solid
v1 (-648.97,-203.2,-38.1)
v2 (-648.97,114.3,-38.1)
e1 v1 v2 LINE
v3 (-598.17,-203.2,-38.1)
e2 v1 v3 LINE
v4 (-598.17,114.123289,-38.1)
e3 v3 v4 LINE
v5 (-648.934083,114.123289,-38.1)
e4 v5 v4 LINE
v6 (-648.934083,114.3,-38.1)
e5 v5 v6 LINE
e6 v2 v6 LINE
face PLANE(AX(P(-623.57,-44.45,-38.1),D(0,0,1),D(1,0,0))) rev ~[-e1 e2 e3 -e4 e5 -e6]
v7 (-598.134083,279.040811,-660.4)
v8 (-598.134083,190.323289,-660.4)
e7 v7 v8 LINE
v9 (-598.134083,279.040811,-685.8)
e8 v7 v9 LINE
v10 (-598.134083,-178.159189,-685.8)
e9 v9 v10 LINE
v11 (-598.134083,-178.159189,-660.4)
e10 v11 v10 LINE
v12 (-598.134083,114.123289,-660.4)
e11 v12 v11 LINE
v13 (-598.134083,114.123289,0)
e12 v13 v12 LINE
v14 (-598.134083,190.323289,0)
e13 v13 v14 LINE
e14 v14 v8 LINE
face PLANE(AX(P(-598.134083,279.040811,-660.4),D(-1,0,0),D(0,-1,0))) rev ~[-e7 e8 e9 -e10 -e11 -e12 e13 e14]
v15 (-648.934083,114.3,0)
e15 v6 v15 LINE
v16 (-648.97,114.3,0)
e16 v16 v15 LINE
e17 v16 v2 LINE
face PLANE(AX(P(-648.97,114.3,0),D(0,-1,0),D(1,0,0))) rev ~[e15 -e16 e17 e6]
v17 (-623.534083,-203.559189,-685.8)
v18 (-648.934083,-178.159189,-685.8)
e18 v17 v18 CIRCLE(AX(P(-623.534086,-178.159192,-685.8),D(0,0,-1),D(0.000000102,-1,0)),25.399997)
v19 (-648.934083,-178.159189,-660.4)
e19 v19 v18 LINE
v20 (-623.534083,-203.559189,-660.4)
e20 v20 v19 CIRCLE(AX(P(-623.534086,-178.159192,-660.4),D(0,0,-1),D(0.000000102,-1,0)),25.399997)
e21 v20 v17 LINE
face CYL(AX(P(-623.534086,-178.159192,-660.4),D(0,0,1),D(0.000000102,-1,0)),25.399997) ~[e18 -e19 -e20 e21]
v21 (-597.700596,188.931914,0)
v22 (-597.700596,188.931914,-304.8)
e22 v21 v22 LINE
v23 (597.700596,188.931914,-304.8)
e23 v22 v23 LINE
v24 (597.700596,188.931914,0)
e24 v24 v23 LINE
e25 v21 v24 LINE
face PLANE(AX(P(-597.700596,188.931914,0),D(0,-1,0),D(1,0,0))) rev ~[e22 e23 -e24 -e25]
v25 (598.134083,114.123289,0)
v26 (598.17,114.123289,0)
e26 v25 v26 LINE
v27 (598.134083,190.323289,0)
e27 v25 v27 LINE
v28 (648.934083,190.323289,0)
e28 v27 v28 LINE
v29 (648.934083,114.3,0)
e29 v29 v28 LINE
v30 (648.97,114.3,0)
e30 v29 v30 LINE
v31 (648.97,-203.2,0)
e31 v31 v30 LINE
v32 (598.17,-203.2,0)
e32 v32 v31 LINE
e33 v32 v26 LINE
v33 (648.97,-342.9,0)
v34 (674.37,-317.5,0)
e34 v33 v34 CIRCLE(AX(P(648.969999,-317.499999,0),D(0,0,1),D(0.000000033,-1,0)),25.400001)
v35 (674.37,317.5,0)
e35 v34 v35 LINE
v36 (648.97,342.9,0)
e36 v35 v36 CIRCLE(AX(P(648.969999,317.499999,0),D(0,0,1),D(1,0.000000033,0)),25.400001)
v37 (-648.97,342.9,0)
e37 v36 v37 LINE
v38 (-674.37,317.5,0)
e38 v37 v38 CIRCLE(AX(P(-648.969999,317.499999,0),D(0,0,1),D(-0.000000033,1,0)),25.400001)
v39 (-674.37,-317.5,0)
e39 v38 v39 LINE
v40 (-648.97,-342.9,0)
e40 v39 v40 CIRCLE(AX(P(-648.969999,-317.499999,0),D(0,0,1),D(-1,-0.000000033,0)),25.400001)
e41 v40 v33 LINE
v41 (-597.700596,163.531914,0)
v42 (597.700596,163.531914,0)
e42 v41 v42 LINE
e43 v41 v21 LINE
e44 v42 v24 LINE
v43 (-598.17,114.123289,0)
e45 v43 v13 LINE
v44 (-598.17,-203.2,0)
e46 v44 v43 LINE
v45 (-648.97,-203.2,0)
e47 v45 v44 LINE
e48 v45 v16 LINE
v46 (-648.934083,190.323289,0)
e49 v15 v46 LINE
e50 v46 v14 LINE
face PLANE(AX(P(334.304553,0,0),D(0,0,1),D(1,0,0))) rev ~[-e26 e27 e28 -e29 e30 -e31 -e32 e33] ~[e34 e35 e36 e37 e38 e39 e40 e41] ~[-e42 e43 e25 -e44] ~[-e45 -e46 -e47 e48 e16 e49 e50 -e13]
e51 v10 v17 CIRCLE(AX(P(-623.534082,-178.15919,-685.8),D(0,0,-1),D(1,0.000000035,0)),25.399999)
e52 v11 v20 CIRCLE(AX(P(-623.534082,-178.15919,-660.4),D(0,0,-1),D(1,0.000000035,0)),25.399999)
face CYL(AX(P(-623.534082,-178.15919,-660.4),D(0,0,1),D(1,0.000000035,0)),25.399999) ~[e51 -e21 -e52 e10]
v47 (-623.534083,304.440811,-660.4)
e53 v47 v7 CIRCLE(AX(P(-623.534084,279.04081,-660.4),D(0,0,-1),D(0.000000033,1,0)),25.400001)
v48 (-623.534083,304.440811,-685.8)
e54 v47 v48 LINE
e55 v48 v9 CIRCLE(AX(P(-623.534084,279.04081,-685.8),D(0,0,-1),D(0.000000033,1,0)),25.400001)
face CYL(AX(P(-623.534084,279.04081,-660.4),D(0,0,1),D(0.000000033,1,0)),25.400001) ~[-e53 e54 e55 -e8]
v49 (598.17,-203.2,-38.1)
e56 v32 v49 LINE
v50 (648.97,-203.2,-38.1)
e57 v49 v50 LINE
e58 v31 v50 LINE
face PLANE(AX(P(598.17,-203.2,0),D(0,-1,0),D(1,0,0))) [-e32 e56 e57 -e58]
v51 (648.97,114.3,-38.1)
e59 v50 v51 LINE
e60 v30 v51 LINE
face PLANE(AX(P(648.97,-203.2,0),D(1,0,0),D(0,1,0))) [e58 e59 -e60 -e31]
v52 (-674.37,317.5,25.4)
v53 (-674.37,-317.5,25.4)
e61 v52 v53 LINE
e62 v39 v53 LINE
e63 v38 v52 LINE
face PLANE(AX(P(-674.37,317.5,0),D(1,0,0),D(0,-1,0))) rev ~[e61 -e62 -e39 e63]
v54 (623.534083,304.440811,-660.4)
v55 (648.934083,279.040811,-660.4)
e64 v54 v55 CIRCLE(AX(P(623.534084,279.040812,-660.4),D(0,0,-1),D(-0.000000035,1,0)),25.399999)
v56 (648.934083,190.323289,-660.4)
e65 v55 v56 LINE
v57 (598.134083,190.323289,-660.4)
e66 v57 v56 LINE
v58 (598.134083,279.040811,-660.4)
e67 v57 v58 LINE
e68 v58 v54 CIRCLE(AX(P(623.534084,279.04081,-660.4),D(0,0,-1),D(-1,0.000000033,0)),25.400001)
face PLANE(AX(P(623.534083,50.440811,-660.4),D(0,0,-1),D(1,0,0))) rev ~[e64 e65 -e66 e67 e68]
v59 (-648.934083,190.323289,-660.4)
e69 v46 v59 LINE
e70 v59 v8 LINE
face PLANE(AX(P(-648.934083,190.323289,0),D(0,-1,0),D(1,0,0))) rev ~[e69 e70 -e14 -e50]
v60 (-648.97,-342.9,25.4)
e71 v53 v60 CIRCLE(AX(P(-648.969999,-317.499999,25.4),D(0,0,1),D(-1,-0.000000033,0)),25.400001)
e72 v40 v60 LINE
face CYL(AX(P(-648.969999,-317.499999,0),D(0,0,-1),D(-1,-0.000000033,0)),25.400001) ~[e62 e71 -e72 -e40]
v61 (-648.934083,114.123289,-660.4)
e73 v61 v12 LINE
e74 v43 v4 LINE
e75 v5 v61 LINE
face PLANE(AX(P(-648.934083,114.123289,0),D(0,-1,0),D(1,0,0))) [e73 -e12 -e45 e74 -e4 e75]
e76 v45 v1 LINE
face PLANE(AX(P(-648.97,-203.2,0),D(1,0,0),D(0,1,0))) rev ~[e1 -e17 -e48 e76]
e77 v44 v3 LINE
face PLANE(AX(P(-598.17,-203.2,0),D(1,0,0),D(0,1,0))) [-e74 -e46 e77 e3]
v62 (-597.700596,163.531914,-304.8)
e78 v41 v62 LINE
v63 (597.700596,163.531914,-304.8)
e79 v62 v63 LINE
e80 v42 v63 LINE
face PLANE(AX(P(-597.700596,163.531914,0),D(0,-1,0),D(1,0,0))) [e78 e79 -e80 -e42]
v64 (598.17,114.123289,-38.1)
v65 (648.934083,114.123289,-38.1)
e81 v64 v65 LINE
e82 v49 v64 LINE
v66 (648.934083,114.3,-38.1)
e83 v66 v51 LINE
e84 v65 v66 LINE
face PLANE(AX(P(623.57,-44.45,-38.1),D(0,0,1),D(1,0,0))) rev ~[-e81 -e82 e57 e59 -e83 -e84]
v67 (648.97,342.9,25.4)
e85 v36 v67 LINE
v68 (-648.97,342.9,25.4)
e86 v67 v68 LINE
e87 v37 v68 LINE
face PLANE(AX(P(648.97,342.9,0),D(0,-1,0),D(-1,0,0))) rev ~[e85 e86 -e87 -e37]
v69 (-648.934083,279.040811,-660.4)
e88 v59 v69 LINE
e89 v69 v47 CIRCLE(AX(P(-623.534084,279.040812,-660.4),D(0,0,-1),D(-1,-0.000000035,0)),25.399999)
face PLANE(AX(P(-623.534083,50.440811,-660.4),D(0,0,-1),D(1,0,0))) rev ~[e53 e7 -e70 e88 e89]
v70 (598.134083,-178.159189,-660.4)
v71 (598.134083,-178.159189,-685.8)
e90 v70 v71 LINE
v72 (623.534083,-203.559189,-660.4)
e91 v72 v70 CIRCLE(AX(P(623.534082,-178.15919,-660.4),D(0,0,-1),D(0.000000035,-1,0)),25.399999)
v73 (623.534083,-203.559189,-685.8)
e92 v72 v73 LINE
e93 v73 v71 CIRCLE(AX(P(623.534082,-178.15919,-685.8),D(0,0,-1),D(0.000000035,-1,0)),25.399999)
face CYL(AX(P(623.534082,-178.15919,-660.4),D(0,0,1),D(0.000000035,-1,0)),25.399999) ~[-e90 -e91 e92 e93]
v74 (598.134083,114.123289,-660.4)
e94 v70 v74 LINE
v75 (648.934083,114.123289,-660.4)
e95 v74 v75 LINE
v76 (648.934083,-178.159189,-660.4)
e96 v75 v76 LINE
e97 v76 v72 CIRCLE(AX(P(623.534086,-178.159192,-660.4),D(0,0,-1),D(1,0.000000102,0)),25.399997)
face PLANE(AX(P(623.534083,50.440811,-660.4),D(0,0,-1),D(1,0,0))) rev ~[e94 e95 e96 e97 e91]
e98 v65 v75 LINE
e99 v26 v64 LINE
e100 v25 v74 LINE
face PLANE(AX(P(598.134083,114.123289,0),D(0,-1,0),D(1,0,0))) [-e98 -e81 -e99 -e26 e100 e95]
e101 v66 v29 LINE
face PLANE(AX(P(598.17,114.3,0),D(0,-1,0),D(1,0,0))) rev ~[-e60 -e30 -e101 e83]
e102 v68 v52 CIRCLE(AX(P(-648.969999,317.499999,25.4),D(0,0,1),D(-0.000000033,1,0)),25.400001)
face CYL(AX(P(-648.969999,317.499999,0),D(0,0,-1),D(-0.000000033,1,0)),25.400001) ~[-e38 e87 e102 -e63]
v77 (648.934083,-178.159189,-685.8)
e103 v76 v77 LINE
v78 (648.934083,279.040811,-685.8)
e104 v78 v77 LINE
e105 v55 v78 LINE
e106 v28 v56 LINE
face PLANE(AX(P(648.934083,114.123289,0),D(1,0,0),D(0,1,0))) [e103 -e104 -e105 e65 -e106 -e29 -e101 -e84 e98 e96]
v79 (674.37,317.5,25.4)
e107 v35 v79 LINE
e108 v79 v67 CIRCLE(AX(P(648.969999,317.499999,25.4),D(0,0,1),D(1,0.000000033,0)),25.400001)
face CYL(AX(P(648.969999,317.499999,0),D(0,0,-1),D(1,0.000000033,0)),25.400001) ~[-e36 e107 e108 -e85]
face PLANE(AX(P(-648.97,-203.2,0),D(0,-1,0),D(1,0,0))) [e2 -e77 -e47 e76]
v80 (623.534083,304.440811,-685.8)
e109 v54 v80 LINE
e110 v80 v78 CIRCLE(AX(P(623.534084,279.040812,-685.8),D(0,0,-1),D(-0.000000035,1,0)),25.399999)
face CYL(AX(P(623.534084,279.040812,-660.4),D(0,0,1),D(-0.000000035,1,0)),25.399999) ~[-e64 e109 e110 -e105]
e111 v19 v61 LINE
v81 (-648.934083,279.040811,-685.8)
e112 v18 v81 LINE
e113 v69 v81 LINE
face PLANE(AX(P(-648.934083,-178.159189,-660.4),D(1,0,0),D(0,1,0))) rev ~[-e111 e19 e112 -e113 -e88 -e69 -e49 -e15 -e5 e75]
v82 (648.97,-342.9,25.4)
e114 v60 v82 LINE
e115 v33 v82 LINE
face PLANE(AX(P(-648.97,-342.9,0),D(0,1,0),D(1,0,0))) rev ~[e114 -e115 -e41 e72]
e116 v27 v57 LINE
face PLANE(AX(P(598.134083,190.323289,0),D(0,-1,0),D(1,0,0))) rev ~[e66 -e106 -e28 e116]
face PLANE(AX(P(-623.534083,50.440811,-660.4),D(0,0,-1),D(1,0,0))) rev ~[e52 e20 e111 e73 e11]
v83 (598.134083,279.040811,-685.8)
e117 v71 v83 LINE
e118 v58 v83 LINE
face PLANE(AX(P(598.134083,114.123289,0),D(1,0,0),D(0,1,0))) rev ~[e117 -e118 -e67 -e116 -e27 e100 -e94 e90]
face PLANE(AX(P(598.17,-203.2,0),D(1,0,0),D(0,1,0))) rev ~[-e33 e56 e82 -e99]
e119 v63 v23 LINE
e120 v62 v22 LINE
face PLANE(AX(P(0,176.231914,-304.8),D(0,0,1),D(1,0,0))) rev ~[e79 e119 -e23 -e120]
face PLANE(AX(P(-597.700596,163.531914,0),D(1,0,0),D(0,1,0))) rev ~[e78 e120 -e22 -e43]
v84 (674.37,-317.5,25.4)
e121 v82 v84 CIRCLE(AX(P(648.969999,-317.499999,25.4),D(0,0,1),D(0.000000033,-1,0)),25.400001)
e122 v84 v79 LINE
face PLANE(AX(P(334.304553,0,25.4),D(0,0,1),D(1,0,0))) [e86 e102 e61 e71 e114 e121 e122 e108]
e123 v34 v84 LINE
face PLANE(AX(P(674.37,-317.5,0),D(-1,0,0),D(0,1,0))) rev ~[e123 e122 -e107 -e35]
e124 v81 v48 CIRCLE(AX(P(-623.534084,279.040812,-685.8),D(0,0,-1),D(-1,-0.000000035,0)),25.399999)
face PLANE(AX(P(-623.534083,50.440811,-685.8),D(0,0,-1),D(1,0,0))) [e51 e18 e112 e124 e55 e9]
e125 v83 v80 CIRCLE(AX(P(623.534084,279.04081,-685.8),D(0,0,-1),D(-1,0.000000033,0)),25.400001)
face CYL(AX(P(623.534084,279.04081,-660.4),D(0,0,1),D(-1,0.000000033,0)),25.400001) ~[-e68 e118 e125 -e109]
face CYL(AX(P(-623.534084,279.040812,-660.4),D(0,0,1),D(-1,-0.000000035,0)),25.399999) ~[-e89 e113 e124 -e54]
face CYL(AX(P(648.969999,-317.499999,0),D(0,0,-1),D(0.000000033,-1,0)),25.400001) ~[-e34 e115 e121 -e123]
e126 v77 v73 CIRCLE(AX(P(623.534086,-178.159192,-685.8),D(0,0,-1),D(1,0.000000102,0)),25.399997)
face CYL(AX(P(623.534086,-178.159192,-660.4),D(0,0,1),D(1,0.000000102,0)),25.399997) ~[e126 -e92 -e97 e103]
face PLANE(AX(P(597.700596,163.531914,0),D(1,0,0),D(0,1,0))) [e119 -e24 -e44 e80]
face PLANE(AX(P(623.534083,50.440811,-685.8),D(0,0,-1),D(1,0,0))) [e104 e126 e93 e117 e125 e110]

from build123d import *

# Parameters (mm, degrees)
F1_DEPTH = 25.4
F2_W     = 50.8
F2_H     = 317.5
F3_DEPTH = 38.1
F4_W     = 50.8
F4_H     = 76.2
F5_DEPTH = 660.4
F6_W     = 1195.401192
F6_H     = 25.4
F7_DEPTH = 304.8
F9_DEPTH = 25.4


with BuildPart() as f1:
    # F0 (on Top) → F1 (new body)
    with BuildSketch(Plane.XY):
        with BuildLine():
            Line((0, -342.9), (648.97, -342.9))
            ThreePointArc((648.97, -342.9), (666.930512, -335.460512), (674.37, -317.5))
            Line((674.37, -317.5), (674.37, 317.5))
            ThreePointArc((674.37, 317.5), (666.930512, 335.460512), (648.97, 342.9))
            Line((648.97, 342.9), (0, 342.9))
            Line((0, 342.9), (0, -342.9))
        make_face()
        with BuildLine():
            Line((-648.97, -342.9), (0, -342.9))
            Line((0, -342.9), (0, 342.9))
            Line((0, 342.9), (-648.97, 342.9))
            ThreePointArc((-648.97, 342.9), (-666.930512, 335.460512), (-674.37, 317.5))
            Line((-674.37, 317.5), (-674.37, -317.5))
            ThreePointArc((-674.37, -317.5), (-666.930512, -335.460512), (-648.97, -342.9))
        make_face()
    extrude(amount=F1_DEPTH)

    # F2 (on Top) → F3 (join)
    with BuildSketch(Plane.XY):
        with Locations((-623.57, -44.45)):
            Rectangle(F2_W, F2_H)
        with Locations((623.57, -44.45)):
            Rectangle(F2_W, F2_H)
    extrude(amount=-F3_DEPTH)

    # F4 (on face) → F5 (join)
    with BuildSketch(Plane.XY):
        with Locations((-623.534083, 152.223289)):
            Rectangle(F4_W, F4_H)
        with Locations((623.534083, 152.223289)):
            Rectangle(F4_W, F4_H)
    extrude(amount=-F5_DEPTH)

    # F6 (on Top) → F7 (join)
    with BuildSketch(Plane.XY):
        with Locations((0, 176.231914)):
            Rectangle(F6_W, F6_H)
    extrude(amount=-F7_DEPTH)

    # F8 (on face) → F9 (join)
    with BuildSketch(Plane(origin=(0, 0, -660.4), x_dir=(1, 0, 0), z_dir=(0, 0, -1))):
        with BuildLine():
            ThreePointArc((-623.534083, 203.559189), (-641.494596, 196.119702), (-648.934083, 178.159189))
            Line((-648.934083, 178.159189), (-648.934083, -279.040811))
            ThreePointArc((-648.934083, -279.040811), (-641.494596, -297.001323), (-623.534083, -304.440811))
            ThreePointArc((-623.534083, -304.440811), (-605.573571, -297.001323), (-598.134083, -279.040811))
            Line((-598.134083, -279.040811), (-598.134083, 178.159189))
            ThreePointArc((-598.134083, 178.159189), (-605.573571, 196.119702), (-623.534083, 203.559189))
        make_face()
        with BuildLine():
            ThreePointArc((623.534083, 203.559189), (605.573571, 196.119702), (598.134083, 178.159189))
            Line((598.134083, 178.159189), (598.134083, -279.040811))
            ThreePointArc((598.134083, -279.040811), (605.573571, -297.001323), (623.534083, -304.440811))
            ThreePointArc((623.534083, -304.440811), (641.494596, -297.001323), (648.934083, -279.040811))
            Line((648.934083, -279.040811), (648.934083, 178.159189))
            ThreePointArc((648.934083, 178.159189), (641.494596, 196.119702), (623.534083, 203.559189))
        make_face()
    extrude(amount=F9_DEPTH)


solid = f1.part
